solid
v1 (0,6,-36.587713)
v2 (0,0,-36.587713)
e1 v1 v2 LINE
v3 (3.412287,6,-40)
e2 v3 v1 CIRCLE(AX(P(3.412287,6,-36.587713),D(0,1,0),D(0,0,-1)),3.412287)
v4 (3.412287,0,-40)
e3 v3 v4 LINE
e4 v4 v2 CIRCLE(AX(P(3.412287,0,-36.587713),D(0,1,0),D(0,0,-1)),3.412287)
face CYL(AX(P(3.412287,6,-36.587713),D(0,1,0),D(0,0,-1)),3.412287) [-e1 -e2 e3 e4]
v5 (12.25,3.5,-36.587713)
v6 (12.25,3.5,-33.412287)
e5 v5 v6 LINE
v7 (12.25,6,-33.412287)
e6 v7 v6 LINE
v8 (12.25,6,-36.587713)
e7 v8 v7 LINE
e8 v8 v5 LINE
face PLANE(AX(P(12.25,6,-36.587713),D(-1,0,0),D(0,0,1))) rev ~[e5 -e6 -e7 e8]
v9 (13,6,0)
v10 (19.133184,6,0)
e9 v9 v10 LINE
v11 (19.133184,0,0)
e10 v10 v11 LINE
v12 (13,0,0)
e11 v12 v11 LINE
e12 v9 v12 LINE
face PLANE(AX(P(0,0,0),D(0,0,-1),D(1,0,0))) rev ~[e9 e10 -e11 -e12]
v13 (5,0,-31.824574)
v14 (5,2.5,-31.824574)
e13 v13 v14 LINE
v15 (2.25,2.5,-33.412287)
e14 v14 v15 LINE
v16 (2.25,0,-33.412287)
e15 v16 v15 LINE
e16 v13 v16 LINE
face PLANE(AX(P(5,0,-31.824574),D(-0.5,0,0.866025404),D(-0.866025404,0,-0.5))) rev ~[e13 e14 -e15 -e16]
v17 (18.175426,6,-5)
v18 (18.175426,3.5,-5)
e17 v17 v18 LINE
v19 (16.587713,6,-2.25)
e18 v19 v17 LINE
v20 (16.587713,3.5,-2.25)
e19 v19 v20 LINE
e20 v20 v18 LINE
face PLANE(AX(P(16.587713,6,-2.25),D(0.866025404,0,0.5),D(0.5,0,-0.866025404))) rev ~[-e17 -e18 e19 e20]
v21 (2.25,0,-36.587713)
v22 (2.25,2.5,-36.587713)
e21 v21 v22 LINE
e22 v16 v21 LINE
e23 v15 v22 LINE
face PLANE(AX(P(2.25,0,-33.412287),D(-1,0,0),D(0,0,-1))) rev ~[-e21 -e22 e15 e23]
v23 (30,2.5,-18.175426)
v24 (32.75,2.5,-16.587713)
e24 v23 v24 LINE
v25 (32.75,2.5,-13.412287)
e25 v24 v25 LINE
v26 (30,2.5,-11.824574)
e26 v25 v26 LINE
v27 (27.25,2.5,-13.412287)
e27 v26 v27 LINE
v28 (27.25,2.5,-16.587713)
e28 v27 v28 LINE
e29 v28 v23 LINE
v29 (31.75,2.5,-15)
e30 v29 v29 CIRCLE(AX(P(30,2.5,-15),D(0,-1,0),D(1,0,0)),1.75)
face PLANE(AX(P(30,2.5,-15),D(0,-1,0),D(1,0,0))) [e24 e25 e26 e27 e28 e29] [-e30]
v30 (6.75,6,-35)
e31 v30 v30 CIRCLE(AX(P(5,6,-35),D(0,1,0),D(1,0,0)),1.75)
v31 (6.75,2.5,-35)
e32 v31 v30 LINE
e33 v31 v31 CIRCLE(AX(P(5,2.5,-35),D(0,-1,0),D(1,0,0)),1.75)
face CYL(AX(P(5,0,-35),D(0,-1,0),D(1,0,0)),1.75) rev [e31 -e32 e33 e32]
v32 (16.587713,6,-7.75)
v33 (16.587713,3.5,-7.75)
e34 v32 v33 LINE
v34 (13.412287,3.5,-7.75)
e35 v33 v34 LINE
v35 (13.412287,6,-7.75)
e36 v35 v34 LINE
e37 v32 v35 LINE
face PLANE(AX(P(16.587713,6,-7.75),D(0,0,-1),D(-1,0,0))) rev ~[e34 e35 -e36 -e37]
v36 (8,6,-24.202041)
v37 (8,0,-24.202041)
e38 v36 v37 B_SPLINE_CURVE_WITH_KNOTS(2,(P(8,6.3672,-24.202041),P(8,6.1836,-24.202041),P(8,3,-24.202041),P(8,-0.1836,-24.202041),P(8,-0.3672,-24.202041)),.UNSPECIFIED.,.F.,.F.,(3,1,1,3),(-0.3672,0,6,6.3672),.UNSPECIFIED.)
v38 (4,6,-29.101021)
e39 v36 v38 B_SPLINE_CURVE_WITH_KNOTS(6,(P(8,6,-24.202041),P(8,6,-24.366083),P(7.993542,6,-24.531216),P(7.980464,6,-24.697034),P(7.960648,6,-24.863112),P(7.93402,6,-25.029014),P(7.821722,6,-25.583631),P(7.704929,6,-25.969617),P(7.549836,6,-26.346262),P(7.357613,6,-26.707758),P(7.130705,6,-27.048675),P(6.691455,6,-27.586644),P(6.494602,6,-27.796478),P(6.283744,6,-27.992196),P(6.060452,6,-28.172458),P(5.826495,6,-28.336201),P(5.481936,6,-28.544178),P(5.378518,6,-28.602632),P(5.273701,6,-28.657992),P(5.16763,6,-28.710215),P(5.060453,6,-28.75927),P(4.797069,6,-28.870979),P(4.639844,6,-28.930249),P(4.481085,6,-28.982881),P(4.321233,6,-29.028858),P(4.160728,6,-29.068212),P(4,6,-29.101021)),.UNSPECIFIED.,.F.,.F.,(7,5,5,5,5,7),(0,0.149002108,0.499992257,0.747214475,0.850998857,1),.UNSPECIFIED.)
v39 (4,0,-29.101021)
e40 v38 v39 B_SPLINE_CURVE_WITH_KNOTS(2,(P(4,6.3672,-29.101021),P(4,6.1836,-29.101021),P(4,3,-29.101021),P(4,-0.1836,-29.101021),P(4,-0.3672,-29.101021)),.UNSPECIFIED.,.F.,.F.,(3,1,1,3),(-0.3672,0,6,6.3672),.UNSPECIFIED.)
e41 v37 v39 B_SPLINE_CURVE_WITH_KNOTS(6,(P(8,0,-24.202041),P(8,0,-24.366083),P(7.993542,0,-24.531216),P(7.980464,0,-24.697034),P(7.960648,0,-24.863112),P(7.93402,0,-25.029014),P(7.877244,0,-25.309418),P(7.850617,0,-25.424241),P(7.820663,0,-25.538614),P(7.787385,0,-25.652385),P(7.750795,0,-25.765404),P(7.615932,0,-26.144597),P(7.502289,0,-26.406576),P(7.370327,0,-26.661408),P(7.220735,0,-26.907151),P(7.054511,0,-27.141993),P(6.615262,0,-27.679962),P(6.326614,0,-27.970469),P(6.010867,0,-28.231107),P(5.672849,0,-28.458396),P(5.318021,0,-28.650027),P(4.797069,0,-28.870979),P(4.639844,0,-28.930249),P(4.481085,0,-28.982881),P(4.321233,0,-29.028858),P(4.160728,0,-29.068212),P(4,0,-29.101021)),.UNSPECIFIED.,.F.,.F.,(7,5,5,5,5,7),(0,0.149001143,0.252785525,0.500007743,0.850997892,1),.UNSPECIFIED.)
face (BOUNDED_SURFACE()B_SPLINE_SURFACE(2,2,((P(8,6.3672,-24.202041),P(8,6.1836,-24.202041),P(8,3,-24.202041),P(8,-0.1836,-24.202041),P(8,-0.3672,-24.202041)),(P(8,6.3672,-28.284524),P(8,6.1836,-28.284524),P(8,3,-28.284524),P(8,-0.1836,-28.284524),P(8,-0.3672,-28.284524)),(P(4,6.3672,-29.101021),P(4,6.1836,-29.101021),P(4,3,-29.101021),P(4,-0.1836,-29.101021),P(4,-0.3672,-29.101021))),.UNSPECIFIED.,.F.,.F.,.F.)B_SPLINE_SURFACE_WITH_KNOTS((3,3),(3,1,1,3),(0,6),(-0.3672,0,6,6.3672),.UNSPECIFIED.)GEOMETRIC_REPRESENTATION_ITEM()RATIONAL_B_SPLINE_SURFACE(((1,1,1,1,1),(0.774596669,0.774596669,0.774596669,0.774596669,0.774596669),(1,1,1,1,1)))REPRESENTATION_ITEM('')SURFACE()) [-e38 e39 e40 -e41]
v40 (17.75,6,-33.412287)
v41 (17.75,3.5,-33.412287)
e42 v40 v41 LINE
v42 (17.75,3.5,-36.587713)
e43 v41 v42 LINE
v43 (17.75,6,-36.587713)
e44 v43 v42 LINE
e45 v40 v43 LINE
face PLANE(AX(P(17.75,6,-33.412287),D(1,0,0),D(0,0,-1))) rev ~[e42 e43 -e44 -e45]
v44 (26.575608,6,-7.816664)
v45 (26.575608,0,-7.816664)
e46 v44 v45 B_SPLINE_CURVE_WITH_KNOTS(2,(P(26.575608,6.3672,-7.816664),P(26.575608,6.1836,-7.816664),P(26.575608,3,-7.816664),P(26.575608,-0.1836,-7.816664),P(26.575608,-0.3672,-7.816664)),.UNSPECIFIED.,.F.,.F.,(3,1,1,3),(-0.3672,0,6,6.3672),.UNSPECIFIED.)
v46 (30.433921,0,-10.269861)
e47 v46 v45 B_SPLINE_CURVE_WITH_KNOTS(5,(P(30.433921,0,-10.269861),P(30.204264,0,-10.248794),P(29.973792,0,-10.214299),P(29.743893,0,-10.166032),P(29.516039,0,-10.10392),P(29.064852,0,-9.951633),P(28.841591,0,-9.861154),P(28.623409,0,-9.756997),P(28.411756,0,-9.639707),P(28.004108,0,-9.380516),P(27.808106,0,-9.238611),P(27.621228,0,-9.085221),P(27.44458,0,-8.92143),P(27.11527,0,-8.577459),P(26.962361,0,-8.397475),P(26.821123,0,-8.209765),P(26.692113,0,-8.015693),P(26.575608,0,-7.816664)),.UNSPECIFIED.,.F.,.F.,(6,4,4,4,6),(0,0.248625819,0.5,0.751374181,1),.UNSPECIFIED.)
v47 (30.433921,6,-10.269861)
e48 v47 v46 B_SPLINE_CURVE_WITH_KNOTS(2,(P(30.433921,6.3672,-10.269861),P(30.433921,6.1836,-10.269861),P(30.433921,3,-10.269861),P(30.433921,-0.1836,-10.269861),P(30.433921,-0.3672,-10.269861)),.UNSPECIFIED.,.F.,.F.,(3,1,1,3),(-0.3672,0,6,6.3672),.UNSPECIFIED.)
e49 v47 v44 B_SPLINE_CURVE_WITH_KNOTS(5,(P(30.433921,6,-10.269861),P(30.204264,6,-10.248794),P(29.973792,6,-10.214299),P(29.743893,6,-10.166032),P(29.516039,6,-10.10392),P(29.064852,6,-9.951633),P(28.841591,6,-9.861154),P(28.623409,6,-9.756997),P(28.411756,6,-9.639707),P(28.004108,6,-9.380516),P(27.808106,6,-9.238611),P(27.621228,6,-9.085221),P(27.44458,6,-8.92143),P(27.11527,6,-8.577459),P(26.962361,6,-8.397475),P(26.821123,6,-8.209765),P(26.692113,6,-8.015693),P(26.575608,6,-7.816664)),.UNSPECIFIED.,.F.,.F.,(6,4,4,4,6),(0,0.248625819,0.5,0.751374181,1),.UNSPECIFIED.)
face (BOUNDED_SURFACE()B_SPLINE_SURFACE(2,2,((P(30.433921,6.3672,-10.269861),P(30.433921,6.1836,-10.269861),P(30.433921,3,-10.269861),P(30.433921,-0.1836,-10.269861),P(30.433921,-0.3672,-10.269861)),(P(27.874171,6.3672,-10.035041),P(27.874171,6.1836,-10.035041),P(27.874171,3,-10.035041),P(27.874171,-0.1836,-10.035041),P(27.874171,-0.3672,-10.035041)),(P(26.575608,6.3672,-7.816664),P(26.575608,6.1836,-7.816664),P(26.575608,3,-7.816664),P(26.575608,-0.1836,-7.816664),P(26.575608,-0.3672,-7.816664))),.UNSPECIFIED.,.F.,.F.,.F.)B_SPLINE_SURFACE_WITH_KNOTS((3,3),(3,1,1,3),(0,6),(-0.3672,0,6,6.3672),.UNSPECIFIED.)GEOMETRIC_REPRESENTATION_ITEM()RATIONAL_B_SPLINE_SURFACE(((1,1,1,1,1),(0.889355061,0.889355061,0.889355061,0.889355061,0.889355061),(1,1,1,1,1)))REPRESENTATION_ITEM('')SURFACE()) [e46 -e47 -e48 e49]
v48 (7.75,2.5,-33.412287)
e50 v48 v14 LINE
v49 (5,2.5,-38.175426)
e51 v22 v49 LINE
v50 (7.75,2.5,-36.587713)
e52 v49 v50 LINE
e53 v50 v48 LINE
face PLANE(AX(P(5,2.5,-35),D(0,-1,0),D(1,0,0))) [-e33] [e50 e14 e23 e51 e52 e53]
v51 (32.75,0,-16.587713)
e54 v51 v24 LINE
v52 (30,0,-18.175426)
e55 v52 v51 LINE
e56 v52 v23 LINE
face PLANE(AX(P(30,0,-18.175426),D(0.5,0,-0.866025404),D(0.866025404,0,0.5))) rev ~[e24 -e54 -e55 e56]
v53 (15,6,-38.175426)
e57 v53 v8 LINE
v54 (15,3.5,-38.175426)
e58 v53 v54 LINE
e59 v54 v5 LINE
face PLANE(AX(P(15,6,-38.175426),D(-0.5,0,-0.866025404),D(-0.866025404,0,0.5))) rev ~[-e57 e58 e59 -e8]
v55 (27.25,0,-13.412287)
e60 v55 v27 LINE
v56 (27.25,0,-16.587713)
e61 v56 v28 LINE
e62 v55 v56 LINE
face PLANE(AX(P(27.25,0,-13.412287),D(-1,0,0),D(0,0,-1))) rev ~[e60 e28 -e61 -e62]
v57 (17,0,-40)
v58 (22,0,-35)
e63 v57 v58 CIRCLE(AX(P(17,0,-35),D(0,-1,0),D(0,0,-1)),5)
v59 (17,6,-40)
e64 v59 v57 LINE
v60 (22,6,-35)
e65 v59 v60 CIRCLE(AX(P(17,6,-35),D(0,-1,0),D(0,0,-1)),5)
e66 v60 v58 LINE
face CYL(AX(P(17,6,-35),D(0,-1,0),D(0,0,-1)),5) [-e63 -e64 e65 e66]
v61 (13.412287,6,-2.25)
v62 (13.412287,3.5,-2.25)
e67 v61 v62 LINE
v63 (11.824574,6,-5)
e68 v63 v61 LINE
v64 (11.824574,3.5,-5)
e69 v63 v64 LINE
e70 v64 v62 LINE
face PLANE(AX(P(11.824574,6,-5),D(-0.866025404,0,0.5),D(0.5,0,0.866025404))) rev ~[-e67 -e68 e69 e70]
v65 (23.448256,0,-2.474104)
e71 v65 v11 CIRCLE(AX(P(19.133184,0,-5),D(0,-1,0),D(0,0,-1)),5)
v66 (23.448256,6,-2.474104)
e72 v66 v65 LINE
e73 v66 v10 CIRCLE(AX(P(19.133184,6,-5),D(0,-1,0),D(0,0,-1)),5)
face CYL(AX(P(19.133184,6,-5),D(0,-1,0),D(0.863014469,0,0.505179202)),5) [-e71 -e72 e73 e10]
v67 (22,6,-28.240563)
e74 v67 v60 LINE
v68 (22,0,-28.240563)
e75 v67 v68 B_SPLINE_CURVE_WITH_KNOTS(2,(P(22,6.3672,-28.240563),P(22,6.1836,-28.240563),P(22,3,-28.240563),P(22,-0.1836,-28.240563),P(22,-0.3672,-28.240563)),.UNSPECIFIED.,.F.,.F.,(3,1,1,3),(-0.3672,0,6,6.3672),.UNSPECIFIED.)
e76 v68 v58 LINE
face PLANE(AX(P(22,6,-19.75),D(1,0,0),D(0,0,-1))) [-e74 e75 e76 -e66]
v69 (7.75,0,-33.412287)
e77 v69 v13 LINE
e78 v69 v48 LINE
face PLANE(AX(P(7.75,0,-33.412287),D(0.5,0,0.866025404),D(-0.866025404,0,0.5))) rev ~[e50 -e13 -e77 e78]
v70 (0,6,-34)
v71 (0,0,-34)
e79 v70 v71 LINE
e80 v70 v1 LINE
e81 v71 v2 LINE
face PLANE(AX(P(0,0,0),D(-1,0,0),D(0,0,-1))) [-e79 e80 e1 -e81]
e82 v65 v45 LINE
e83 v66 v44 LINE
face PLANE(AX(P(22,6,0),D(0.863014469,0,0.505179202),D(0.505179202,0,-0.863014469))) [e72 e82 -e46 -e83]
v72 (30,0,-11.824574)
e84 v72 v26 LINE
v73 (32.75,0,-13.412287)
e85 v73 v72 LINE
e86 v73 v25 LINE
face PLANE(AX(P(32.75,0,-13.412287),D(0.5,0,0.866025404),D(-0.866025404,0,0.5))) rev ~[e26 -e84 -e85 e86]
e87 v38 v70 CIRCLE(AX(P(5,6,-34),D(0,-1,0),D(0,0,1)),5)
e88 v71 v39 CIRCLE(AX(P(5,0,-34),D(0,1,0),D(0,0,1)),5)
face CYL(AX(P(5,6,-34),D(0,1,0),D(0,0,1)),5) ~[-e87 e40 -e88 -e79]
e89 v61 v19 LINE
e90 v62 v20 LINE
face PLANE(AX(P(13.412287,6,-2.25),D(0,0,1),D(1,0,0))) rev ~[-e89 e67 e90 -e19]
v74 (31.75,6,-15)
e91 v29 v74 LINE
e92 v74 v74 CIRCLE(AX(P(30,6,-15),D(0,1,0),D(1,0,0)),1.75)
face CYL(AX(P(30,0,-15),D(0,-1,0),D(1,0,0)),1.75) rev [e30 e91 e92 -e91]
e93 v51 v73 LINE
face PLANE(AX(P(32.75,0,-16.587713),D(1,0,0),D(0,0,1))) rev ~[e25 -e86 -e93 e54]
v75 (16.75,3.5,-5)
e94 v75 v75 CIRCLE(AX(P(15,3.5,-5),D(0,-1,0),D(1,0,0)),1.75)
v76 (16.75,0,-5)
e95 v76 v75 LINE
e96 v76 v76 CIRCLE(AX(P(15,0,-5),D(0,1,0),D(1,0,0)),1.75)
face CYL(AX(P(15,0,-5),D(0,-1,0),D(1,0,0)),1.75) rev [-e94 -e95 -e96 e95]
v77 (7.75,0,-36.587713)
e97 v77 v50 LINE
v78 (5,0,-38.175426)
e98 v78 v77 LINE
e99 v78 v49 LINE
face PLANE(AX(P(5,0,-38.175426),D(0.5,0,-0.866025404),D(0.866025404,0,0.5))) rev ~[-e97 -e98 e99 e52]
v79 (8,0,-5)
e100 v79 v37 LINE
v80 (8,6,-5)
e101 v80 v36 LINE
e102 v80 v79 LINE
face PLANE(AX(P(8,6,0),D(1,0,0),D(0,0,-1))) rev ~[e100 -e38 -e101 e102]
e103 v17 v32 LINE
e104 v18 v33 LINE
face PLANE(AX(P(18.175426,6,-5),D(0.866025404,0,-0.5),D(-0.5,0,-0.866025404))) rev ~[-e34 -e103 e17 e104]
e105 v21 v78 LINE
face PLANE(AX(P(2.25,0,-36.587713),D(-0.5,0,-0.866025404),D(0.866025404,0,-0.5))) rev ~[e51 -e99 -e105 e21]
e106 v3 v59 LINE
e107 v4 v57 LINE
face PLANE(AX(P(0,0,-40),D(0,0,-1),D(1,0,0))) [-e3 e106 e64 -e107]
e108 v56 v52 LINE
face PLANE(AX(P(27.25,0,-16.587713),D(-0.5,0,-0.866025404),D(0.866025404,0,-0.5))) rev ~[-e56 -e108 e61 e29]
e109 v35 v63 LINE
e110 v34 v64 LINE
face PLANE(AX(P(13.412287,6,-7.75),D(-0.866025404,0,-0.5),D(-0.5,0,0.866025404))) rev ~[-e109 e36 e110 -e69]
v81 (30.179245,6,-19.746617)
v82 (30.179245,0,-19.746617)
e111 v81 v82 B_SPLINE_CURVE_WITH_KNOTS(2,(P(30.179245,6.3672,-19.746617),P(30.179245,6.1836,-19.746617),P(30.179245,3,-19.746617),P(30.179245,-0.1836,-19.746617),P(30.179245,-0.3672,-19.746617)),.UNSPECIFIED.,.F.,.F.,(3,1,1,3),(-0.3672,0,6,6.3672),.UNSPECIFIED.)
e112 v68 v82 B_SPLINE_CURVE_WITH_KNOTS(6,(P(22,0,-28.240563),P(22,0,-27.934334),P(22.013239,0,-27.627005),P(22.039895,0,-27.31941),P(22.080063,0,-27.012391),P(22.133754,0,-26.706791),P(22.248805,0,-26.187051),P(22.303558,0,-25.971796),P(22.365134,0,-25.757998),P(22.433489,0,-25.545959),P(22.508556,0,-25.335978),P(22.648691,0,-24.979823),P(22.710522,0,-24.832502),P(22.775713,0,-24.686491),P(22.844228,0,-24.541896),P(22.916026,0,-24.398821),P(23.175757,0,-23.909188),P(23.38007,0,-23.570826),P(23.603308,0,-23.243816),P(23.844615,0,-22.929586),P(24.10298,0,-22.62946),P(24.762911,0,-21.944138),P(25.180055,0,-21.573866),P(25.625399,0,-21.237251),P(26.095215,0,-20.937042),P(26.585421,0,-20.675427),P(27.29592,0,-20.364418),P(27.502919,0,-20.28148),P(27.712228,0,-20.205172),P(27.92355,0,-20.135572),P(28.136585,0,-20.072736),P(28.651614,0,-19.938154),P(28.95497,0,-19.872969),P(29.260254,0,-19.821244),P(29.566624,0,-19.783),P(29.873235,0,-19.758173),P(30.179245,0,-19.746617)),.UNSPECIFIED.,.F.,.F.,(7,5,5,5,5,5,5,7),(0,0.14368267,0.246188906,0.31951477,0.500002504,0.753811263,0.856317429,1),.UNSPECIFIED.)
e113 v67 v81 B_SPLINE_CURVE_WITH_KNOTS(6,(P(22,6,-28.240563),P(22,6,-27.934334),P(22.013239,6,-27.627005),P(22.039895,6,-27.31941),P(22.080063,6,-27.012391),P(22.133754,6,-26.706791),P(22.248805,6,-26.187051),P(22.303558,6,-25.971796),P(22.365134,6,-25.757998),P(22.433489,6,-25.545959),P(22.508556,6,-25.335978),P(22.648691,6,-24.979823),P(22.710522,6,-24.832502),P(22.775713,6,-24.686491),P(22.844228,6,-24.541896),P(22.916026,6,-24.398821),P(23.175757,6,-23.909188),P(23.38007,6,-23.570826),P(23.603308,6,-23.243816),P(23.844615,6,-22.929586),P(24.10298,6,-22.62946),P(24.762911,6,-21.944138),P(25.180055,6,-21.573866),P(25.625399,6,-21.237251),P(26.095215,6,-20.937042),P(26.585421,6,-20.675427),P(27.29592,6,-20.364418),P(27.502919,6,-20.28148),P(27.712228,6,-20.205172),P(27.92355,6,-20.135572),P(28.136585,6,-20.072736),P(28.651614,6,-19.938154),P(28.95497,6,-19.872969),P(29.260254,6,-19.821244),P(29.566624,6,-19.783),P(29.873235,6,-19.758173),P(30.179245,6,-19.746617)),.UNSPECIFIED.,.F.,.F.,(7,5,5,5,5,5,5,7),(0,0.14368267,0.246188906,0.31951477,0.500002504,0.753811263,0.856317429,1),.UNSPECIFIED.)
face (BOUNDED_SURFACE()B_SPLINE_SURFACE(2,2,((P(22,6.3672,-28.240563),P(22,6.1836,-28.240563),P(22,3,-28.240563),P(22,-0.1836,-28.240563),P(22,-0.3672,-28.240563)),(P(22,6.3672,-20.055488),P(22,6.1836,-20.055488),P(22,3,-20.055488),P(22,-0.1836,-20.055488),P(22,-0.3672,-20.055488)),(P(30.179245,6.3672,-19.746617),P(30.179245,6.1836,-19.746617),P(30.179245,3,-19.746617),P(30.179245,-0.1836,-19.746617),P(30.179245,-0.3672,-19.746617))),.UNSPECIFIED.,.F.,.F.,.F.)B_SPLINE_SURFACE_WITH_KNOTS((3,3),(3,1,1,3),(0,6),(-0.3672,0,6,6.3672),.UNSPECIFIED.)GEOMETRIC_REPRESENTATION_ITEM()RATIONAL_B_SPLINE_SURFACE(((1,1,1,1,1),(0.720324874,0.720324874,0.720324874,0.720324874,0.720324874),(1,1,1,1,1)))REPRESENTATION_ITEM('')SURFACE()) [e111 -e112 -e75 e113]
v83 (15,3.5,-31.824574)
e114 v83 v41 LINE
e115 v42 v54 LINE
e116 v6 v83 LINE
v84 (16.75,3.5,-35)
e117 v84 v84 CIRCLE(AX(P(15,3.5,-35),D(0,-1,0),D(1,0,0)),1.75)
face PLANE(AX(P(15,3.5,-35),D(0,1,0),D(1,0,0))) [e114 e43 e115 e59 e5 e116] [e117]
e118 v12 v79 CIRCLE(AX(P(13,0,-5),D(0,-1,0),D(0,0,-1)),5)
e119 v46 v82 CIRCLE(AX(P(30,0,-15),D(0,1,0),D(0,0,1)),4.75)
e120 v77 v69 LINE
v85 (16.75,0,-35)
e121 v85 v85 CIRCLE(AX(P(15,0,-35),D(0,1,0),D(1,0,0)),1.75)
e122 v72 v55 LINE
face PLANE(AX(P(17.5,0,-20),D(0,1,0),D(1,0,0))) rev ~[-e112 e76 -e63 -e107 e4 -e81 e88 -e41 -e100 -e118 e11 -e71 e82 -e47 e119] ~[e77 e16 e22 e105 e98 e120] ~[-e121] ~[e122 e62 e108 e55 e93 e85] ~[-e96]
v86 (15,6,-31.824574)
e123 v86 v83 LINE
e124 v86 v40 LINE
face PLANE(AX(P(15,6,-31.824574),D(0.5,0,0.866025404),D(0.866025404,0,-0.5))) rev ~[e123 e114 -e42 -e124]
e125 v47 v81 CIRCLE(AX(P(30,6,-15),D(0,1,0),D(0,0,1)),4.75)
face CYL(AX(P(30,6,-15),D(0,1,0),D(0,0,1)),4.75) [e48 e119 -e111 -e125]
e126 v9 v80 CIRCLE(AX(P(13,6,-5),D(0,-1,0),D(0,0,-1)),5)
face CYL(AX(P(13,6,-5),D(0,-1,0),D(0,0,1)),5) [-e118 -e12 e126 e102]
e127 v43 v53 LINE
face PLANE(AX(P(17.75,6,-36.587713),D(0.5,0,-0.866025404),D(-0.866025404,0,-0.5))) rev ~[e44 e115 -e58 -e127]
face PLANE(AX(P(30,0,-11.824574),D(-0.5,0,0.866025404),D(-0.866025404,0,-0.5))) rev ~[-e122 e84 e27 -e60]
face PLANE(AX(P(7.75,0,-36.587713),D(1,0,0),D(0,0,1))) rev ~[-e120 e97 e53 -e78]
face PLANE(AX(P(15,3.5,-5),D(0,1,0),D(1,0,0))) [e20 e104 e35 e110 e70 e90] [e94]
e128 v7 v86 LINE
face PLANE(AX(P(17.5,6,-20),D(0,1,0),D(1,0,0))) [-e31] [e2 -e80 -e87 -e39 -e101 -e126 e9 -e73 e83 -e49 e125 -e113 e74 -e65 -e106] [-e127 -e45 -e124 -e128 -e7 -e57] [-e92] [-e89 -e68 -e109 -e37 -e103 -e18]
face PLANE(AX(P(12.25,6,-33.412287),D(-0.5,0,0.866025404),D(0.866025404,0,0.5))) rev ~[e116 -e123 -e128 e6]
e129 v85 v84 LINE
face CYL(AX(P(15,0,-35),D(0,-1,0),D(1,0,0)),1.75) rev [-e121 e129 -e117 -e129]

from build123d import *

# Parameters (mm, degrees)
SKETCH2_W           = 35
SKETCH2_H           = 40
SKETCH2_R           = 1.75
BOSS_EXTRUDE2_DEPTH = 6
CUT_EXTRUDE1_DEPTH  = 2.5
CUT_EXTRUDE2_DEPTH  = 2.5
CUT_EXTRUDE3_DEPTH  = 7
FILLET3_R           = 5
FILLET4_R           = 8.5


with BuildPart() as part:
    # Sketch2 → Boss-Extrude2 (new body)
    with BuildSketch(Plane(origin=(0, 0, 0), x_dir=(1, 0, 0), z_dir=(0, 1, 0))):
        with Locations((17.5, 20)):
            Rectangle(SKETCH2_W, SKETCH2_H)
        with Locations((5, 35)):
            Circle(SKETCH2_R, mode=Mode.SUBTRACT)
        with Locations((30, 15)):
            Circle(SKETCH2_R, mode=Mode.SUBTRACT)
        with Locations((15, 35)):
            Circle(SKETCH2_R, mode=Mode.SUBTRACT)
        with Locations((15, 5)):
            Circle(SKETCH2_R, mode=Mode.SUBTRACT)
    extrude(amount=BOSS_EXTRUDE2_DEPTH)

    # Sketch3 → Cut-Extrude1 (cut)
    with BuildSketch(Plane.XZ):
        Polygon((7.75, -36.58771324), (7.75, -33.41228676), (5, -31.824573519), (2.25, -33.41228676), (2.25, -36.58771324), (5, -38.175426481), align=None)
        Polygon((30, -11.824573519), (27.25, -13.41228676), (27.25, -16.58771324), (30, -18.175426481), (32.75, -16.58771324), (32.75, -13.41228676), align=None)
    extrude(amount=-CUT_EXTRUDE1_DEPTH, mode=Mode.SUBTRACT)

    # Sketch4 → Cut-Extrude2 (cut)
    with BuildSketch(Plane(origin=(0, 6, 0), x_dir=(1, 0, 0), z_dir=(0, 1, 0))):
        Polygon((17.75, 36.58771324), (15, 38.175426481), (12.25, 36.58771324), (12.25, 33.41228676), (15, 31.824573519), (17.75, 33.41228676), align=None)
        Polygon((13.41228676, 7.75), (11.824573519, 5), (13.41228676, 2.25), (16.58771324, 2.25), (18.175426481, 5), (16.58771324, 7.75), align=None)
    extrude(amount=-CUT_EXTRUDE2_DEPTH, mode=Mode.SUBTRACT)

    # Sketch5 → Cut-Extrude3 (cut, through all)
    with BuildSketch(Plane(origin=(0, 6, 0), x_dir=(1, 0, 0), z_dir=(0, 1, 0))):
        with BuildLine():
            Line((0, 36.58771324), (0, 40))
            Line((0, 40), (3.41228676, 40))
            ThreePointArc((3.41228676, 40), (0.999435653, 39.000564347), (0, 36.58771324))
        make_face()
        with BuildLine():
            Line((30, 19.75), (22, 19.75))
            Line((22, 19.75), (22, 40))
            Line((22, 40), (35, 40))
            Line((35, 40), (35, 0))
            Line((35, 0), (22, 0))
            Line((22, 0), (28, 10.25))
            Line((28, 10.25), (30, 10.25))
            ThreePointArc((30, 10.25), (34.75, 15), (30, 19.75))
        make_face()
        with BuildLine():
            Line((0, 34), (0, 0))
            Line((0, 0), (8, 0))
            Line((8, 0), (8, 29))
            Line((8, 29), (5, 29))
            ThreePointArc((5, 29), (1.464466094, 30.464466094), (0, 34))
        make_face()
    extrude(amount=-CUT_EXTRUDE3_DEPTH, mode=Mode.SUBTRACT)

    # Fillet3
    fillet3_edges = [part.edges().sort_by_distance(p)[0] for p in [
        (28, 3, -10.25),
        (22, 3, 0),
        (22, 3, -40),
        (8, 3, -29),
        (8, 3, 0),
    ]]
    fillet(fillet3_edges, radius=FILLET3_R)

    # Fillet4
    fillet4_edges = [part.edges().sort_by_distance(p)[0] for p in [
        (22, 3, -19.75),
    ]]
    fillet(fillet4_edges, radius=FILLET4_R)


solid = part.part
